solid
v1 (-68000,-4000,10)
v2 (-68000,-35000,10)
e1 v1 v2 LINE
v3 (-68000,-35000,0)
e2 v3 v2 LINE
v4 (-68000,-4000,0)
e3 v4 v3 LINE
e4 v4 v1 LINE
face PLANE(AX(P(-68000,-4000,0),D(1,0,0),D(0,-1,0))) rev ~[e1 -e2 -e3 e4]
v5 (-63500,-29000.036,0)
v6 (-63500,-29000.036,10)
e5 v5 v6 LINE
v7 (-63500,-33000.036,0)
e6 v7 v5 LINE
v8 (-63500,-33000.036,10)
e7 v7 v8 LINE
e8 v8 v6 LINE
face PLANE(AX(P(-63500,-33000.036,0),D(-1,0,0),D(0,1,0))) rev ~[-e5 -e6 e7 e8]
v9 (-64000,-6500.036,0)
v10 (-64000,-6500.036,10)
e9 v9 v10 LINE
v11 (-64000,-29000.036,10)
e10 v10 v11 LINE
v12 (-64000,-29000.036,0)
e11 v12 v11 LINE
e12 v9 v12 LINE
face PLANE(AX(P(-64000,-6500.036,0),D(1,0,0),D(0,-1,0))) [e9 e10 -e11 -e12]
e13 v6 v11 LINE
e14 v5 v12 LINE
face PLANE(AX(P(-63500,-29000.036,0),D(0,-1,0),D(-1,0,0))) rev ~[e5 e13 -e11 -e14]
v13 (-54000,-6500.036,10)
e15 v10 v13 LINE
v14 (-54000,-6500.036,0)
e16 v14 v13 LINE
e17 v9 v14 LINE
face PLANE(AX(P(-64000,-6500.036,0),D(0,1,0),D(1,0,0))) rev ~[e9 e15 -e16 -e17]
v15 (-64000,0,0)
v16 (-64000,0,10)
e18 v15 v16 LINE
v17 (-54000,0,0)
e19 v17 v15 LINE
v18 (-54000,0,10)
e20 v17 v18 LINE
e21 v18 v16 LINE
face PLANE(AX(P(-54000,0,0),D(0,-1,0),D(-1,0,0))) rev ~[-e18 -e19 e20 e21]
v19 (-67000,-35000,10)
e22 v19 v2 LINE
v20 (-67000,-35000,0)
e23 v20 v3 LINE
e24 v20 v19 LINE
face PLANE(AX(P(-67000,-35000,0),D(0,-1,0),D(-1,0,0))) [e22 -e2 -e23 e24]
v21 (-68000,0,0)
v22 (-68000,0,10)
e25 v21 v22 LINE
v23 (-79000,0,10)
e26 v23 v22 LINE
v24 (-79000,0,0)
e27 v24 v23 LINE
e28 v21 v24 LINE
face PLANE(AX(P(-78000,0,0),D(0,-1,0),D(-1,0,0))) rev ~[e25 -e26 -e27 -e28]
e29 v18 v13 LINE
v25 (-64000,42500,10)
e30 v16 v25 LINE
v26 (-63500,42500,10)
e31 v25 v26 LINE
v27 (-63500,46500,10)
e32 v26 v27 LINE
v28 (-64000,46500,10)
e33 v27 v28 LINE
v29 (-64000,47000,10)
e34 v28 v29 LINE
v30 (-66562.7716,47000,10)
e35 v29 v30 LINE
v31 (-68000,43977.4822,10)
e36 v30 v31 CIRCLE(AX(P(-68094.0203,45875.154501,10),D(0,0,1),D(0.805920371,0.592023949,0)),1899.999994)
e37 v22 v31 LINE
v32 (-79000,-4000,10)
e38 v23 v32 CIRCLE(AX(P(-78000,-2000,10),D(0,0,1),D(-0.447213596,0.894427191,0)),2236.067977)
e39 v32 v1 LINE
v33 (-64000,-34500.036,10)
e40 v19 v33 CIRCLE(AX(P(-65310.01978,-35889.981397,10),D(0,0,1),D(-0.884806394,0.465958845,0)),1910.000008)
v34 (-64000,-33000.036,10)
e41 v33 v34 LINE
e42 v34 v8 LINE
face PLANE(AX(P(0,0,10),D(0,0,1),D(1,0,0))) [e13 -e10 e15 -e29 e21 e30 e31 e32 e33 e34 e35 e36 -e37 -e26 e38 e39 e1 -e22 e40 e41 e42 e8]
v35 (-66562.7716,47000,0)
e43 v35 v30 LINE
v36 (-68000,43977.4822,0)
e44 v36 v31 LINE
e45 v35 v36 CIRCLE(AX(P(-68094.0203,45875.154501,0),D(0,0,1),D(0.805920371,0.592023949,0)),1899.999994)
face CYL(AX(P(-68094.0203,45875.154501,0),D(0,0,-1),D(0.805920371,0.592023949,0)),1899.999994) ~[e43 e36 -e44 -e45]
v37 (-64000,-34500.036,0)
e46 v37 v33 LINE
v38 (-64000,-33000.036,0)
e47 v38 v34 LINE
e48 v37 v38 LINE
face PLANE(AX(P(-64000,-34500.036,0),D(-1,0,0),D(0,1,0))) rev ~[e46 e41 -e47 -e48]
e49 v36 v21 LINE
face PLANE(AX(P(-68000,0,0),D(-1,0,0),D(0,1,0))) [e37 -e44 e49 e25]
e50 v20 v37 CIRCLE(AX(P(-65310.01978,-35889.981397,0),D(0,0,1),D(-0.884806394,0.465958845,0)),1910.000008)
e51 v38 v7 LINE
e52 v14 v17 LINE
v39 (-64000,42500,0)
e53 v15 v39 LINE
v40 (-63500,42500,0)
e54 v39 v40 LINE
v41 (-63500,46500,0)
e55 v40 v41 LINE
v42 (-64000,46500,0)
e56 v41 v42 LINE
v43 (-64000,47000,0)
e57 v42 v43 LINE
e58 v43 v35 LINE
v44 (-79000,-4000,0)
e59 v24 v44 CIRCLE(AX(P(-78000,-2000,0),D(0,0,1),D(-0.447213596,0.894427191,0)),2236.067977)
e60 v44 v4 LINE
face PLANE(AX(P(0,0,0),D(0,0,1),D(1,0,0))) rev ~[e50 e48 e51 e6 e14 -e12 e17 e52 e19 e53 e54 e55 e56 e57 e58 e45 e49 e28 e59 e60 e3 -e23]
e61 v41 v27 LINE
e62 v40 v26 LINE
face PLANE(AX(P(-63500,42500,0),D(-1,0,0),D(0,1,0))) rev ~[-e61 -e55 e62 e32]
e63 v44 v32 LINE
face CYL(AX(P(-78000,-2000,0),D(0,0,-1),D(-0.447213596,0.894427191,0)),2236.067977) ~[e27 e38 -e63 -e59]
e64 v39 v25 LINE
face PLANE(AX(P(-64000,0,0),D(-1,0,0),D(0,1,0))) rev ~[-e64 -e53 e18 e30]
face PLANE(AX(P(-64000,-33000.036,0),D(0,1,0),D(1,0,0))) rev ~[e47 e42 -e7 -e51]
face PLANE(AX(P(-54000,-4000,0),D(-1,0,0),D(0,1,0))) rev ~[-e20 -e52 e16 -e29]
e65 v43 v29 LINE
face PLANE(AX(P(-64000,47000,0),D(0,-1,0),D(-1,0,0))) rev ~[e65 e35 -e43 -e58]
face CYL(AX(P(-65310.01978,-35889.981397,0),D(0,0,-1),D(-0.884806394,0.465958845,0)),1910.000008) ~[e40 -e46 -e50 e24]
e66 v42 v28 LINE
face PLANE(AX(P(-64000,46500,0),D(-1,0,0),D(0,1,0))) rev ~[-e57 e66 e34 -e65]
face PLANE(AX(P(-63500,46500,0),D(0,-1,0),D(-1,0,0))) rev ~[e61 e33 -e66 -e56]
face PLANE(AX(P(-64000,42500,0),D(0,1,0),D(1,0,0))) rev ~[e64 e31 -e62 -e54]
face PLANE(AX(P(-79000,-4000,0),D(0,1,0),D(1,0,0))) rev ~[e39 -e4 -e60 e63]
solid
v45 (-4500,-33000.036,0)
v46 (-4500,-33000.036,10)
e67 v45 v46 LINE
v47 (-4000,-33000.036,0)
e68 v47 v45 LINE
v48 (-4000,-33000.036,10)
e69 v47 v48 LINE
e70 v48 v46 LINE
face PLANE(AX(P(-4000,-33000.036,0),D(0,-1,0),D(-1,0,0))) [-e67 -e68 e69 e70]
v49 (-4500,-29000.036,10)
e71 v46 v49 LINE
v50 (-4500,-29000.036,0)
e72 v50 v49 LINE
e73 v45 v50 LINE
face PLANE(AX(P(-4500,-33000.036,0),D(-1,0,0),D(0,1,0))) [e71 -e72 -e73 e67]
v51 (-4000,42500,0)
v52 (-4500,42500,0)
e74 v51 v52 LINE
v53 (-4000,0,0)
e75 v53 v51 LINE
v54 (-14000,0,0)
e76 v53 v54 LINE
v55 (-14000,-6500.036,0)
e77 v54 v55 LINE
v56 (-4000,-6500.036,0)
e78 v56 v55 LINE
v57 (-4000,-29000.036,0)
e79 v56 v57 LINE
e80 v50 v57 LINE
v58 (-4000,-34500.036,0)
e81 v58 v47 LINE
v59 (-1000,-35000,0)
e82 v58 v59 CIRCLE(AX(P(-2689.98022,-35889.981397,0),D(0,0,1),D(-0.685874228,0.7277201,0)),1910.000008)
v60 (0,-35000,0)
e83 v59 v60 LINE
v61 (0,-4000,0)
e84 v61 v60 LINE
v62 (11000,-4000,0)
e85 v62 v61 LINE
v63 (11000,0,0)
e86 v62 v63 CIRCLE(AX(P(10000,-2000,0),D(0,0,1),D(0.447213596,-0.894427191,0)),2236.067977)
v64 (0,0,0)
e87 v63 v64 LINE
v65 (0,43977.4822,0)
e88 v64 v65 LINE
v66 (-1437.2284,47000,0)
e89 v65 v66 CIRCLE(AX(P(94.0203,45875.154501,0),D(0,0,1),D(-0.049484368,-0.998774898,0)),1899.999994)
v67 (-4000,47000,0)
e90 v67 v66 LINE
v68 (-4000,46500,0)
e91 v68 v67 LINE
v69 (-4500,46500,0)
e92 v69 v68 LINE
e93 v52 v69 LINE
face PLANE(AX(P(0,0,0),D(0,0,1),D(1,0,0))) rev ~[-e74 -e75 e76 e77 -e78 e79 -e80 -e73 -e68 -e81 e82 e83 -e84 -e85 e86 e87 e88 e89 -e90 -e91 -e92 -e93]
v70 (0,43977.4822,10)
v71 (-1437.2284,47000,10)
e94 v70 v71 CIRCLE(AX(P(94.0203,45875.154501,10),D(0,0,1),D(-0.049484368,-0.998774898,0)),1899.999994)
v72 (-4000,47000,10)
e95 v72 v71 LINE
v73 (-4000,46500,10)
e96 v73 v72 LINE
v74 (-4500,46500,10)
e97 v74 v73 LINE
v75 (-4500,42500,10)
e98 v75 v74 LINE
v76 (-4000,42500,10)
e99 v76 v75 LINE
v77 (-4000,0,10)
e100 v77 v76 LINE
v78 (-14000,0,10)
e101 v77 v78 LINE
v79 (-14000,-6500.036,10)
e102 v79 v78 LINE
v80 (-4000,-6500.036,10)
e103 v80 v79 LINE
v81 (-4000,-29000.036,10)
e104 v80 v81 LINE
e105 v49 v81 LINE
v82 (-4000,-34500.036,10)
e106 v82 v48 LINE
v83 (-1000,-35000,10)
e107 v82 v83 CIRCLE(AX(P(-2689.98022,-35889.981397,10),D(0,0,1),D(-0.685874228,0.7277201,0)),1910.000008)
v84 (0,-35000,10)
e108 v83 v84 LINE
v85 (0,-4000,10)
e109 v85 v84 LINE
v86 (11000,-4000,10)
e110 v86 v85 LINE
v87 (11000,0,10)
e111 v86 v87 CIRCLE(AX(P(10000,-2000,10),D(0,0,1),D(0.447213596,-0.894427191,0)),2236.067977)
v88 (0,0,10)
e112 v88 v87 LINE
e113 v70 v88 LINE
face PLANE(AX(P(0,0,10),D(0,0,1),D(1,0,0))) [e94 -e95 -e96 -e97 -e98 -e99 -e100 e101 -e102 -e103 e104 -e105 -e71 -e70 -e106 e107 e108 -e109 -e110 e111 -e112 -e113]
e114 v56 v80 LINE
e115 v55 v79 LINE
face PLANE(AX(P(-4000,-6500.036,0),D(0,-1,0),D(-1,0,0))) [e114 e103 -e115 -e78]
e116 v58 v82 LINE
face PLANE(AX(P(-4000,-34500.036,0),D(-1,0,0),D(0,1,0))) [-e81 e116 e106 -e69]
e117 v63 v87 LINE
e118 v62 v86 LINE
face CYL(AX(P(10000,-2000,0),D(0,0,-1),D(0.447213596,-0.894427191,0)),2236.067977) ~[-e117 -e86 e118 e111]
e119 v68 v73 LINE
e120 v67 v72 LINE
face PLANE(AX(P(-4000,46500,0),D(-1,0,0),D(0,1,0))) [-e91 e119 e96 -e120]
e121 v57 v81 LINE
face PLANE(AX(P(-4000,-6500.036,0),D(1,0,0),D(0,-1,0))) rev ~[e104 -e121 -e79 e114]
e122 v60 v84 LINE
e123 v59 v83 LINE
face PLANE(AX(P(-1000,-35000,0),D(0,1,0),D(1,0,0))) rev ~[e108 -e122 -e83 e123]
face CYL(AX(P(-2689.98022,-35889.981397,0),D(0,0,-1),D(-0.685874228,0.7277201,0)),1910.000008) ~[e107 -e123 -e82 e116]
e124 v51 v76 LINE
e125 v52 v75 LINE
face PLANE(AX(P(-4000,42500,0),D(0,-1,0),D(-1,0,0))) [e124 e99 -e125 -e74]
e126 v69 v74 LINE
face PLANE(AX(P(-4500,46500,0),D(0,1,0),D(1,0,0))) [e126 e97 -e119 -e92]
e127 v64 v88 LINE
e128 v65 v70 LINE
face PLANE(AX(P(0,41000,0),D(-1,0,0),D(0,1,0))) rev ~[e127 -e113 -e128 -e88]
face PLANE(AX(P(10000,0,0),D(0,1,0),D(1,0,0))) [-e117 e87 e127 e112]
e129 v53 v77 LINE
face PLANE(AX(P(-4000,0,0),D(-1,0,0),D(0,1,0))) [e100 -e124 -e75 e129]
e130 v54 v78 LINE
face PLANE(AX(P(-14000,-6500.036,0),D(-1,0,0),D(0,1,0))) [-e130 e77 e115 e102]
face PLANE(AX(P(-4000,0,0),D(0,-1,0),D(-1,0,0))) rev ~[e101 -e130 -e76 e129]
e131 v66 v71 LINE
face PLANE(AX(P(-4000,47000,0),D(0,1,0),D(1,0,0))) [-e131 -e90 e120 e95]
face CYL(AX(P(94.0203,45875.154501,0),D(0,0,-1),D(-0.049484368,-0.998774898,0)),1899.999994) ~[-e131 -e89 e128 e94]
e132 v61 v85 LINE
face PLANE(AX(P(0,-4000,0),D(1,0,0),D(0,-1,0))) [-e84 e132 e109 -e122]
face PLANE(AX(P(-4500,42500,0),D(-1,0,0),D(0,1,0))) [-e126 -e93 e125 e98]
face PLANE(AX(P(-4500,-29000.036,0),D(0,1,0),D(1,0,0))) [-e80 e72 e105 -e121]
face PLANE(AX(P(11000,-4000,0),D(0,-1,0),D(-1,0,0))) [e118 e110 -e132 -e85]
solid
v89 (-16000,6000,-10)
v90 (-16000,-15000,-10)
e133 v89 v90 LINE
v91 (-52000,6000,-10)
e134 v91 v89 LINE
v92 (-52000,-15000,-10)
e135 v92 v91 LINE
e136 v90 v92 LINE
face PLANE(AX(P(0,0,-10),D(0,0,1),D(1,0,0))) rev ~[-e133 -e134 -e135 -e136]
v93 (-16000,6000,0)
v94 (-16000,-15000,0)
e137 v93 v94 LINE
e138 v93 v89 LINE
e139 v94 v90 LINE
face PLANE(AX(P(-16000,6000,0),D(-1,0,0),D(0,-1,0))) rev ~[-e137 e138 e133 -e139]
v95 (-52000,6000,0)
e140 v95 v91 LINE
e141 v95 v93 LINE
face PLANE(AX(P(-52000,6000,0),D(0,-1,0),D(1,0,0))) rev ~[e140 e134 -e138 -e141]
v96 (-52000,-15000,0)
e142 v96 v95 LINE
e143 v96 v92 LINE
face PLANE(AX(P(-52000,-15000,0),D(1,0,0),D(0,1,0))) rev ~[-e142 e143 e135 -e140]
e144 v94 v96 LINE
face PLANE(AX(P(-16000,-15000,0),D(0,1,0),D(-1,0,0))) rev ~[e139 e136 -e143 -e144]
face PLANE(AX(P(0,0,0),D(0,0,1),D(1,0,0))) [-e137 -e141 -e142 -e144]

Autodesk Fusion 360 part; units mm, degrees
sketch "スケッチ1" plane through (0, 0, 0) normal (0, 0, 1) x (1, 0, 0)
  line L0 (10000, 0) -> (11000, 0)
  line L1 (11000, -4000) -> (0, -4000)
  line L2 (-63500, -29000.036) -> (-64000, -29000.036)
  line L3 (-63500, 42500) -> (-63500, 46500)
  line L4 (-54000, -6500.036) -> (-54000, -4000)
  line L5 (-64000, -34500.036) -> (-64000, -33000.036)
  line L6 (-34000, 2000) -> (-34000, 0)
  arc A0 (-79000, 0) -> (-79000, -4000) centre (-78000, -2000) ccw
  line L7 (-67000, -35000) -> (-68000, -35000)
  arc A1 (0, 43977.4822) -> (-1437.2284, 47000) centre (94.0203, 45875.1545) ccw
  line L8 (-64000, -6500.036) -> (-64000, -29000.036)
  line L9 (-64000, 42500) -> (-63500, 42500)
  line L10 (0, 41000) -> (0, 43977.4822)
  line L11 (-4500, -33000.036) -> (-4500, -29000.036)
  arc A2 (-67000, -35000) -> (-64000, -34500.036) centre (-65310.0198, -35889.9814) ccw
  arc A3 (-66562.7716, 47000) -> (-68000, 43977.4822) centre (-68094.0203, 45875.1545) ccw
  arc A4 (11000, -4000) -> (11000, 0) centre (10000, -2000) ccw
  line L12 (-79000, -4000) -> (-68000, -4000)
  line L13 (-68000, 41000) -> (-68000, 43977.4822)
  line L14 (11000, -4000) -> (0, -4000)
  line L15 (-1000, -35000) -> (0, -35000)
  line L16 (-64000, 46500) -> (-64000, 47000)
  line L17 (-64000, 0) -> (-64000, 42500)
  line L18 (-4000, 47000) -> (-1437.2284, 47000)
  line L19 (-78000, 0) -> (-79000, 0)
  line L20 (-68000, 0) -> (-78000, 0)
  line L21 (-4000, 0) -> (-4000, 42500)
  line L22 (-64000, -6500.036) -> (-54000, -6500.036)
  line L23 (-14000, -6500.036) -> (-14000, -4000)
  line L24 (-68000, 0) -> (-68000, 41000)
  line L25 (-63500, -33000.036) -> (-63500, -29000.036)
  line L26 (-4000, -6500.036) -> (-14000, -6500.036)
  line L27 (-4000, -33000.036) -> (-4500, -33000.036)
  line L28 (-4000, 42500) -> (-4500, 42500)
  line L29 (-68000, -4000) -> (-68000, -35000)
  line L30 (11000, 0) -> (0, 0)
  line L31 (-64000, -33000.036) -> (-63500, -33000.036)
  line L32 (0, -4000) -> (0, -35000)
  line L33 (-4500, 46500) -> (-4000, 46500)
  line L34 (-4000, 46500) -> (-4000, 47000)
  line L35 (0, 0) -> (10000, 0)
  line L36 (-64000, 47000) -> (-66562.7716, 47000)
  line L37 (-63500, 46500) -> (-64000, 46500)
  line L38 (-4000, -34500.036) -> (-4000, -33000.036)
  line L39 (-4000, -6500.036) -> (-4000, -29000.036)
  line L40 (-4500, -29000.036) -> (-4000, -29000.036)
  line L41 (-4500, 42500) -> (-4500, 46500)
  arc A5 (-4000, -34500.036) -> (-1000, -35000) centre (-2689.9802, -35889.9814) ccw
  line L42 (0, 0) -> (0, 41000)
  line L43 (-54000, -4000) -> (-54000, 0)
  line L44 (-54000, 0) -> (-64000, 0)
  line L45 (-4000, 0) -> (-14000, 0)
  line L46 (-14000, 0) -> (-14000, -4000)
  line L47 (-52000, 6000) -> (-16000, 6000)
  line L48 (-16000, 6000) -> (-16000, -15000)
  line L49 (-16000, -15000) -> (-52000, -15000)
  line L50 (-52000, -15000) -> (-52000, 6000)
  point P0 (-64000, 42500)
  point P1 (-64000, -6500.036)
  point P2 (-64000, 0)
  point P3 (-64000, -34500.036)
  point P4 (-68000, 0)
  point P5 (-64000, -35000)
  point P6 (-4000, 0)
  point P7 (-64000, 41000)
  point P8 (-4000, -35000)
  point P9 (-4000, 41000)
  point P10 (-4000, -6500.036)
  point P11 (-64000, 0)
  point P12 (-4000, 42500)
  point P13 (-4000, -34500.036)
extrude "押し出し1" add sketch "スケッチ1" along normal blind 10 contours L0 L1 A1 L10 L11 A4 L14 L15 L18 L21 L23 L26 L27 L28 L30 L32 L33 L34 L35 L38 L39 L40 L41 A5 L42 L45 L46 | L2 L3 L4 L5 A0 L7 L8 L9 A2 A3 L12 L13 L16 L17 L19 L20 L22 L24 L25 L29 L31 L36 L37 L43 L44 makes body 1 at (-10666.6667, -2166.6787, 10) makes body 2 at (-57333.3333, -4333.3573, 0)
extrude "押し出し2" add sketch "スケッチ1" against normal blind 10 separate body contours L47 L48 L49 L50 makes body 3
